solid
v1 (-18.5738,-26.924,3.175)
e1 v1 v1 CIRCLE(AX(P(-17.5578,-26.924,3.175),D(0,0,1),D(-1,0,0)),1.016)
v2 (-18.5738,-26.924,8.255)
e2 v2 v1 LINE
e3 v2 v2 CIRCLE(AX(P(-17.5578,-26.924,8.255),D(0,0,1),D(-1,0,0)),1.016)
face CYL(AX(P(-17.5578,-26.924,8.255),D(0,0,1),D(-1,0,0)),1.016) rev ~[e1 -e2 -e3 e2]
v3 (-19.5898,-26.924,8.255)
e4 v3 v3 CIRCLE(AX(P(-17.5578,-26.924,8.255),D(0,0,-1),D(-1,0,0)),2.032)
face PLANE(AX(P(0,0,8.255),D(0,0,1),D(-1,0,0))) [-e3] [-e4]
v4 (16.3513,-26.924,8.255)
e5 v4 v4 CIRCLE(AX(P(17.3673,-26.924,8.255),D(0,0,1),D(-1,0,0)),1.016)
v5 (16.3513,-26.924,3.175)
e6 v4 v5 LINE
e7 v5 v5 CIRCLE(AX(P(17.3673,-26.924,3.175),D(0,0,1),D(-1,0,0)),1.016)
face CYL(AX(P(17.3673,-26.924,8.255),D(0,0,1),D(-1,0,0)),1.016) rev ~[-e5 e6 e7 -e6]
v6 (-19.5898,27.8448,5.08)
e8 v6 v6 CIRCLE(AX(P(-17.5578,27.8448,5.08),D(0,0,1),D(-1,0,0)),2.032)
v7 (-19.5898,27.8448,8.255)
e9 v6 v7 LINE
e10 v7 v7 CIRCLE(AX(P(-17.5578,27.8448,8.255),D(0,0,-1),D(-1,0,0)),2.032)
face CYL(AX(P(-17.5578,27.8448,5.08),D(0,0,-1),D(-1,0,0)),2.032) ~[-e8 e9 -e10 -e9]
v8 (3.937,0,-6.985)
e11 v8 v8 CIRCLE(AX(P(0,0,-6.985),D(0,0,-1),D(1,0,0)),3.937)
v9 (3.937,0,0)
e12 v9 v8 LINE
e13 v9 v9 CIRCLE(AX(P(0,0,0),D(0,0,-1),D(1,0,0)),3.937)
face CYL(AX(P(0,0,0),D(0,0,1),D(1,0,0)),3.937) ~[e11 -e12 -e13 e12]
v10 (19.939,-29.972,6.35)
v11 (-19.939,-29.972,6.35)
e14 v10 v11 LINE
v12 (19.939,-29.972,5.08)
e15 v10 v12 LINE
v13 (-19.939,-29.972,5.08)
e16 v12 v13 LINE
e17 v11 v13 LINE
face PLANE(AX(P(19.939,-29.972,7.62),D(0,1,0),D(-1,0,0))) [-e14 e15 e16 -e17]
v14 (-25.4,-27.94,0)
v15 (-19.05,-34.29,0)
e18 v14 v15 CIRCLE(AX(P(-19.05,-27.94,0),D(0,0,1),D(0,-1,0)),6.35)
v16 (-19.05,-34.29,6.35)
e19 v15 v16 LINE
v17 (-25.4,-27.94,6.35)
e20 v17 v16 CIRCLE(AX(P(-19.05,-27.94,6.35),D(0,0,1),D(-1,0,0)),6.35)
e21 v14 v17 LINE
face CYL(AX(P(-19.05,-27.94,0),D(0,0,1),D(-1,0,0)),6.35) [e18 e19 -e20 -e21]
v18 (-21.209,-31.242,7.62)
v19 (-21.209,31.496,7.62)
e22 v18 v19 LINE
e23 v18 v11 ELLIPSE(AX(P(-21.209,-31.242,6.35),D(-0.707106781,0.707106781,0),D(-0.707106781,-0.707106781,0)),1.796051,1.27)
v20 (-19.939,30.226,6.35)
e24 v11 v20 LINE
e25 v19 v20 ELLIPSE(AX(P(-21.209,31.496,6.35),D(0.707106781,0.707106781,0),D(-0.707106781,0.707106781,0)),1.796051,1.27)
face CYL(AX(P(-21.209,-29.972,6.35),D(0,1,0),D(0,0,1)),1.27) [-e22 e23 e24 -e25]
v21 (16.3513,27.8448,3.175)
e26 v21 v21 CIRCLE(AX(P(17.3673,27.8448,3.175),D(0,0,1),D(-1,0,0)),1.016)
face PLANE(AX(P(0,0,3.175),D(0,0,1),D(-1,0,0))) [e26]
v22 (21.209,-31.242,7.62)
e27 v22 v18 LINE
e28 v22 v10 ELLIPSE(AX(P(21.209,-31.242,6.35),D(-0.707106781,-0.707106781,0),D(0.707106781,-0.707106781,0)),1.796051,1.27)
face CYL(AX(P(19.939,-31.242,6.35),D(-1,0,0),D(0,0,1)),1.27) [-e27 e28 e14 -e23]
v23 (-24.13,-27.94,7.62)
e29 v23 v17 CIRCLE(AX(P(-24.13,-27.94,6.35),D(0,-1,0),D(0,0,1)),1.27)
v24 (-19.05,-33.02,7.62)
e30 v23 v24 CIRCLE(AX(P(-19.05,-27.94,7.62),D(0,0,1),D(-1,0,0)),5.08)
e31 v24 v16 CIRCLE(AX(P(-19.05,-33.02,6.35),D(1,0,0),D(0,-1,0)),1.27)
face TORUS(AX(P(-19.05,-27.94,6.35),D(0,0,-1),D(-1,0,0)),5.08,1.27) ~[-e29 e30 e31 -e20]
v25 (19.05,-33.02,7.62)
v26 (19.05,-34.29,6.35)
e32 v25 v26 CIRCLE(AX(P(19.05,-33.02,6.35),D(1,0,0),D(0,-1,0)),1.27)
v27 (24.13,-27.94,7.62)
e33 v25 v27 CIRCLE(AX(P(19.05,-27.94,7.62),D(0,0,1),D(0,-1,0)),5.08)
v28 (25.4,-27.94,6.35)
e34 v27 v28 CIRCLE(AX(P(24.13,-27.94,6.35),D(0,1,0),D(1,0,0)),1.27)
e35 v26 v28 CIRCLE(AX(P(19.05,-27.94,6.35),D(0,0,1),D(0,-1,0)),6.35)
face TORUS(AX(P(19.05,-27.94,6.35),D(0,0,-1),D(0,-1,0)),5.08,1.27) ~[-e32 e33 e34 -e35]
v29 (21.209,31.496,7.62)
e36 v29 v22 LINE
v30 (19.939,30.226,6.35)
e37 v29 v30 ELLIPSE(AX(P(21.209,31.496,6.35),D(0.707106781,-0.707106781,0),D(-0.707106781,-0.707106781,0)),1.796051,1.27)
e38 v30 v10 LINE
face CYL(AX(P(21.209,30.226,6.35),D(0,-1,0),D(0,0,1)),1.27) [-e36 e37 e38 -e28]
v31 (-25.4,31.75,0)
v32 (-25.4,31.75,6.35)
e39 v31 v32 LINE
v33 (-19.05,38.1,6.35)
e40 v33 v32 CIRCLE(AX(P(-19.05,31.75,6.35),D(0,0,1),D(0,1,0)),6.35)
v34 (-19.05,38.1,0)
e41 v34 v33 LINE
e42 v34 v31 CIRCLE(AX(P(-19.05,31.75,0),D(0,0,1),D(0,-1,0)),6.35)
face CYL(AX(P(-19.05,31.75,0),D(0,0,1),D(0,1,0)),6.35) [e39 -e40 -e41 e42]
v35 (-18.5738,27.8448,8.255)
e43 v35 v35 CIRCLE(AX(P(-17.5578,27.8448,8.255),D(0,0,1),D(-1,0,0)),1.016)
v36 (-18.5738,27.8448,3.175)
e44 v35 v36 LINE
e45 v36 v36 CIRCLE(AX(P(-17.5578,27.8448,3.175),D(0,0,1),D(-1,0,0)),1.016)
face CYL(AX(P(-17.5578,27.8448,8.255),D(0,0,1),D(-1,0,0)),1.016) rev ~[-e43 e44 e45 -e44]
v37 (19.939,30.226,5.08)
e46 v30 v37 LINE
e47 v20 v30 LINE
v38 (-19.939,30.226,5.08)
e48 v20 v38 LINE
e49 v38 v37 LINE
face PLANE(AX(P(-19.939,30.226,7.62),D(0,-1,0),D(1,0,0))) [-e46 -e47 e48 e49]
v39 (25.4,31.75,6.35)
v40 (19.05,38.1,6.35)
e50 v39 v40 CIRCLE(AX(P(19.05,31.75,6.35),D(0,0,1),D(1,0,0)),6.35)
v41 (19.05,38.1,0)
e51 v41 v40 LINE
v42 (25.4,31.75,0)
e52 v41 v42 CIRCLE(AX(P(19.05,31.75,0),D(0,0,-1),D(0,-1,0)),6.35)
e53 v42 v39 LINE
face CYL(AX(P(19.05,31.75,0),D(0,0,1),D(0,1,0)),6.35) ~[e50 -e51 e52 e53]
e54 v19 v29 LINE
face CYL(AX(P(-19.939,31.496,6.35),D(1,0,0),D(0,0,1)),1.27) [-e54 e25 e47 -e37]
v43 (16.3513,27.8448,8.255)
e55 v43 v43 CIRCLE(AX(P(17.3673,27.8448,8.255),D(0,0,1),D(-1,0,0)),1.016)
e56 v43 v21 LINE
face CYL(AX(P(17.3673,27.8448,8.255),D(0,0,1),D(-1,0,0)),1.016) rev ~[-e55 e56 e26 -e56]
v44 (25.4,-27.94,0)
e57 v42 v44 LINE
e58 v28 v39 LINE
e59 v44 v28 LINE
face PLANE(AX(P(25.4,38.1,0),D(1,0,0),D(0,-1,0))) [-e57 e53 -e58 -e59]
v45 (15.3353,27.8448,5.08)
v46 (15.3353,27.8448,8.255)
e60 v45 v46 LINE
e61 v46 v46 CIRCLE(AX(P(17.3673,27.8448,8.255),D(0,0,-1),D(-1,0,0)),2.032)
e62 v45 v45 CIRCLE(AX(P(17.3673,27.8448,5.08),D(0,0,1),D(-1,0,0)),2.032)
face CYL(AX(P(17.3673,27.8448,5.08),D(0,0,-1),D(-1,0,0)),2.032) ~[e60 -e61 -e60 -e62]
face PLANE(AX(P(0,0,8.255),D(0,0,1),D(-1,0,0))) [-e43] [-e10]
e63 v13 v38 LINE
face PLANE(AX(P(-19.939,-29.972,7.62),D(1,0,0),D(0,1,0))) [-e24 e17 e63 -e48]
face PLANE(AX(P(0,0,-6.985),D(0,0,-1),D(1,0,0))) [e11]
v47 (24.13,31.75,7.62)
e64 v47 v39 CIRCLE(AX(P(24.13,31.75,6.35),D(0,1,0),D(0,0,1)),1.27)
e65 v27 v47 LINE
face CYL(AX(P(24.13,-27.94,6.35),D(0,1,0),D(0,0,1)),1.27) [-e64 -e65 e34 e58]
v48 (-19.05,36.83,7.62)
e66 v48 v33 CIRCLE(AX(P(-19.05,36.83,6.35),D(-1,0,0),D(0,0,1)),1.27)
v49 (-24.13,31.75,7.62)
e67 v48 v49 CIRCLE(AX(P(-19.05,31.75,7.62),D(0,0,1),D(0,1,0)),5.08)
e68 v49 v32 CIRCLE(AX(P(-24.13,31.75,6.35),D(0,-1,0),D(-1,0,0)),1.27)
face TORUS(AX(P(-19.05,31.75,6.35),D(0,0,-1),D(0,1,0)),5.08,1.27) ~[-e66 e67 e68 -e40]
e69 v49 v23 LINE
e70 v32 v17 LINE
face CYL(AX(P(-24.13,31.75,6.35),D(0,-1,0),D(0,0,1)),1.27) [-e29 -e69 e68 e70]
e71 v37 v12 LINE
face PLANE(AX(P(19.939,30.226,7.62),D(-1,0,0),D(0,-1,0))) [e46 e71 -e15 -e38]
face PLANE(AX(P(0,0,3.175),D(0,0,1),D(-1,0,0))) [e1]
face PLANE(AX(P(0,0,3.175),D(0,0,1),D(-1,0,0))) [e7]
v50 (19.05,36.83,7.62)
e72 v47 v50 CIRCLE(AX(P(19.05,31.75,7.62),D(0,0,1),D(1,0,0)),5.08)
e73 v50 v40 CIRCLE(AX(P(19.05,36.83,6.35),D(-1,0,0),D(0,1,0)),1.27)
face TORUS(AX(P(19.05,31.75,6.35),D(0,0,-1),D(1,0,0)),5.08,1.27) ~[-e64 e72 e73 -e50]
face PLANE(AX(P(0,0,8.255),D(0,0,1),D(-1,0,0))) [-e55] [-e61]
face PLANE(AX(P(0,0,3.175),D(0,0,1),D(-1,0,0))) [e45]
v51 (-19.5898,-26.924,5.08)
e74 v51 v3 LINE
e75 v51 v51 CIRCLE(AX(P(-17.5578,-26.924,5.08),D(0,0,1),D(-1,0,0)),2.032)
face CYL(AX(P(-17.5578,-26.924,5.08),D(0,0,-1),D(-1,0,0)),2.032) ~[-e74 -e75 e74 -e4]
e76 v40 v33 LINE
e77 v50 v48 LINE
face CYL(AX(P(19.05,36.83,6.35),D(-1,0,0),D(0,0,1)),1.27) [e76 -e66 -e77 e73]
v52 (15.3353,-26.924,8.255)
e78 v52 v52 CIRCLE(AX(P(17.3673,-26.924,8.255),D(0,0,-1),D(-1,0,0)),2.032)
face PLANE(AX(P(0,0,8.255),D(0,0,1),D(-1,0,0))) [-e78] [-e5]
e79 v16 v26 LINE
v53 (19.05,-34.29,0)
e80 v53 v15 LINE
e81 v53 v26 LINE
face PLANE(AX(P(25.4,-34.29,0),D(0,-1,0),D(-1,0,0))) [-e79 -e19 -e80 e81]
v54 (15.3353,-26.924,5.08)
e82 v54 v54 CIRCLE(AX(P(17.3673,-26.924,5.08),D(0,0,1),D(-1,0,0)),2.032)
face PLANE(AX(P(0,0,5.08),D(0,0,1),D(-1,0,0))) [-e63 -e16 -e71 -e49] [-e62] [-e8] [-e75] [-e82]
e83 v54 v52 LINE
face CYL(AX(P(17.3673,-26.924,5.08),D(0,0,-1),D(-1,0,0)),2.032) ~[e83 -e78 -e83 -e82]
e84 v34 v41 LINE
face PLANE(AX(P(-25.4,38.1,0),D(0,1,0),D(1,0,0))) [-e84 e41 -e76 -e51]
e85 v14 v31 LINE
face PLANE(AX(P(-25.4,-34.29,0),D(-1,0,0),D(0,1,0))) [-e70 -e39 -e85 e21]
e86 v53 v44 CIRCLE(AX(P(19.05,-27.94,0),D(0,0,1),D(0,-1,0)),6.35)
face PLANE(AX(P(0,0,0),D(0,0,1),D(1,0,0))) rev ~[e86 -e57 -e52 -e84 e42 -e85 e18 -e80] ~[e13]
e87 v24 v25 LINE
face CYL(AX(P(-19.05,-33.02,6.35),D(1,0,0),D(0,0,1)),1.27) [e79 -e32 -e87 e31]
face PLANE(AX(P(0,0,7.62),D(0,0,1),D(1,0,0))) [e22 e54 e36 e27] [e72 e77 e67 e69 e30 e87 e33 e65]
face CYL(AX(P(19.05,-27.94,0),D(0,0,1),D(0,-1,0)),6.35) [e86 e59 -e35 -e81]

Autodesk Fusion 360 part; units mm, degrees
sketch "Sketch1" plane through (0, 0, 0) normal (0, 0, 1) x (1, 0, 0)
  line L0 (-25.4, 38.1) -> (25.4, 38.1)
  line L1 (25.4, 38.1) -> (25.4, -34.29)
  line L2 (25.4, -34.29) -> (-25.4, -34.29)
  line L3 (-25.4, -34.29) -> (-25.4, 38.1)
  dimension "d1" = 50.8
  dimension "d2" = 72.39
extrude "Extrude1" add sketch "Sketch1" along normal blind 7.62
sketch "Sketch2" plane through (0, 0, 0) normal (0, 0, -1) x (1, 0, 0)
  line L0 (25.4, 34.29) -> (-25.4, 34.29)
  line L1 (-25.4, 34.29) -> (-25.4, -38.1)
  line L2 (-25.4, -38.1) -> (25.4, -38.1)
  line L3 (25.4, -38.1) -> (25.4, 34.29)
  circle A0 centre (0, 0) radius 3.937
  dimension "d5" = 7.874
extrude "Extrude2" add sketch "Sketch2" along normal blind 6.985 contours A0
sketch "Sketch3" plane through (0, 0, 7.62) normal (0, 0, 1) x (-1, 0, 0)
  line L0 (25.4, 34.29) -> (-25.4, 34.29)
  line L1 (-25.4, 34.29) -> (-25.4, -38.1)
  line L2 (-25.4, -38.1) -> (25.4, -38.1)
  line L3 (25.4, -38.1) -> (25.4, 34.29)
  line L4 (0, 0) -> (-19.939, 0)
  line L5 (-19.939, 0) -> (-19.939, 29.972)
  line L6 (-19.939, 29.972) -> (19.939, 29.972)
  line L7 (19.939, 29.972) -> (19.939, -30.226)
  line L8 (19.939, -30.226) -> (-19.939, -30.226)
  line L9 (-19.939, -30.226) -> (-19.939, 29.972)
  dimension "d8" = 19.939
  dimension "d9" = 29.972
  dimension "d10" = 39.878
  dimension "d11" = 60.198
extrude "Extrude3" cut sketch "Sketch3" against normal blind 2.54 contours L5 L6 L7 L8 L9
fillet "Fillet1" radius 1.27 4 edges at (19.939, 0.127, 7.62) (0, -29.972, 7.62) (-19.939, 0.127, 7.62) (0, 30.226, 7.62)
fillet "Fillet2" radius 6.35 4 edges at (-25.4, 38.1, 3.81) (-25.4, -34.29, 3.81) (25.4, -34.29, 3.81) (25.4, 38.1, 3.81)
sketch "Sketch4" plane through (0, 0, 5.08) normal (0, 0, 1) x (-1, 0, 0)
  line L0 (-19.939, -30.226) -> (19.939, -30.226)
  line L1 (19.939, -30.226) -> (19.939, 29.972)
  line L2 (19.939, 29.972) -> (-19.939, 29.972)
  line L3 (-19.939, 29.972) -> (-19.939, -30.226)
  line L4 (19.939, -30.226) -> (17.5578, -30.226)
  line L5 (17.5578, -30.226) -> (17.5578, -27.8448)
  line L6 (17.5578, -27.8448) -> (-17.3673, -27.8448)
  line L7 (-17.3673, -27.8448) -> (-17.3673, 26.924)
  line L8 (17.5578, -27.8448) -> (-17.3673, -27.8448)
  line L9 (-17.3673, -27.8448) -> (-17.3673, 26.924)
  line L10 (-17.3673, 26.924) -> (17.5578, 26.924)
  line L11 (17.5578, 26.924) -> (17.5578, -27.8448)
  circle A0 centre (17.5578, 26.924) radius 2.032
  circle A1 centre (17.5578, -27.8448) radius 2.032
  circle A2 centre (-17.3673, -27.8448) radius 2.032
  circle A3 centre (-17.3673, 26.924) radius 2.032
  dimension "d18" = 2.3813
  dimension "d19" = 2.3813
  dimension "d20" = 34.925
  dimension "d21" = 54.7687
  dimension "d22" = 4.064
  dimension "d23" = 4.064
  dimension "d24" = 4.064
  dimension "d25" = 4.064
extrude "Extrude4" add sketch "Sketch4" along normal blind 3.175 contours L5 L6 L8 A1 | L5 L11 A1 | L6 L8 L11 A1 | L6 L7 L8 L9 A2 | L6 L7 L8 L9 A2 | L10 L11 A0 | L10 L11 A0 | L7 L9 L10 A3 | L7 L9 L10 A3
sketch "Sketch5" plane through (0, 0, 8.255) normal (0, 0, 1) x (-1, 0, 0)
  circle A0 centre (17.5578, -27.8448) radius 2.032
  circle A1 centre (17.5578, -27.8448) radius 1.016
  dimension "d28" = 2.032
sketch "Sketch6" plane through (0, 0, 8.255) normal (0, 0, 1) x (-1, 0, 0)
  circle A0 centre (-17.3673, -27.8448) radius 2.032
  circle A1 centre (-17.3673, -27.8448) radius 1.016
  dimension "d29" = 2.032
sketch "Sketch7" plane through (0, 0, 8.255) normal (0, 0, 1) x (-1, 0, 0)
  circle A0 centre (17.5578, 26.924) radius 2.032
  circle A1 centre (17.5578, 26.924) radius 1.016
  dimension "d30" = 2.032
sketch "Sketch8" plane through (0, 0, 8.255) normal (0, 0, 1) x (-1, 0, 0)
  circle A0 centre (-17.3673, 26.924) radius 2.032
  circle A1 centre (-17.3673, 26.924) radius 1.016
  dimension "d31" = 2.032
extrude "Extrude5" cut sketch "Sketch5" sketch "Sketch7" sketch "Sketch6" sketch "Sketch8" against normal blind 5.08 contours A1 of sketch 2 contours A1 of sketch 3 contours A1 of sketch 4 contours A1
fillet "Fillet3" radius 1.27 8 edges at (23.5401, -32.4301, 7.62) (25.4, 1.905, 7.62) (23.5401, 36.2401, 7.62) (0, 38.1, 7.62) (-23.5401, 36.2401, 7.62) (-25.4, 1.905, 7.62) (-23.5401, -32.4301, 7.62) (0, -34.29, 7.62)
equation "d8 = ( 1.57 / 2 ) * 1 in"
equation "d9 = ( 2.36 / 2 ) * 1 in"
equation "d18 = ( 3 / 32 ) * 1 in"
equation "d19 = ( 3 / 32 ) * 1 in"
equation "d26 = ( 1 / 8 ) * 1 in"
